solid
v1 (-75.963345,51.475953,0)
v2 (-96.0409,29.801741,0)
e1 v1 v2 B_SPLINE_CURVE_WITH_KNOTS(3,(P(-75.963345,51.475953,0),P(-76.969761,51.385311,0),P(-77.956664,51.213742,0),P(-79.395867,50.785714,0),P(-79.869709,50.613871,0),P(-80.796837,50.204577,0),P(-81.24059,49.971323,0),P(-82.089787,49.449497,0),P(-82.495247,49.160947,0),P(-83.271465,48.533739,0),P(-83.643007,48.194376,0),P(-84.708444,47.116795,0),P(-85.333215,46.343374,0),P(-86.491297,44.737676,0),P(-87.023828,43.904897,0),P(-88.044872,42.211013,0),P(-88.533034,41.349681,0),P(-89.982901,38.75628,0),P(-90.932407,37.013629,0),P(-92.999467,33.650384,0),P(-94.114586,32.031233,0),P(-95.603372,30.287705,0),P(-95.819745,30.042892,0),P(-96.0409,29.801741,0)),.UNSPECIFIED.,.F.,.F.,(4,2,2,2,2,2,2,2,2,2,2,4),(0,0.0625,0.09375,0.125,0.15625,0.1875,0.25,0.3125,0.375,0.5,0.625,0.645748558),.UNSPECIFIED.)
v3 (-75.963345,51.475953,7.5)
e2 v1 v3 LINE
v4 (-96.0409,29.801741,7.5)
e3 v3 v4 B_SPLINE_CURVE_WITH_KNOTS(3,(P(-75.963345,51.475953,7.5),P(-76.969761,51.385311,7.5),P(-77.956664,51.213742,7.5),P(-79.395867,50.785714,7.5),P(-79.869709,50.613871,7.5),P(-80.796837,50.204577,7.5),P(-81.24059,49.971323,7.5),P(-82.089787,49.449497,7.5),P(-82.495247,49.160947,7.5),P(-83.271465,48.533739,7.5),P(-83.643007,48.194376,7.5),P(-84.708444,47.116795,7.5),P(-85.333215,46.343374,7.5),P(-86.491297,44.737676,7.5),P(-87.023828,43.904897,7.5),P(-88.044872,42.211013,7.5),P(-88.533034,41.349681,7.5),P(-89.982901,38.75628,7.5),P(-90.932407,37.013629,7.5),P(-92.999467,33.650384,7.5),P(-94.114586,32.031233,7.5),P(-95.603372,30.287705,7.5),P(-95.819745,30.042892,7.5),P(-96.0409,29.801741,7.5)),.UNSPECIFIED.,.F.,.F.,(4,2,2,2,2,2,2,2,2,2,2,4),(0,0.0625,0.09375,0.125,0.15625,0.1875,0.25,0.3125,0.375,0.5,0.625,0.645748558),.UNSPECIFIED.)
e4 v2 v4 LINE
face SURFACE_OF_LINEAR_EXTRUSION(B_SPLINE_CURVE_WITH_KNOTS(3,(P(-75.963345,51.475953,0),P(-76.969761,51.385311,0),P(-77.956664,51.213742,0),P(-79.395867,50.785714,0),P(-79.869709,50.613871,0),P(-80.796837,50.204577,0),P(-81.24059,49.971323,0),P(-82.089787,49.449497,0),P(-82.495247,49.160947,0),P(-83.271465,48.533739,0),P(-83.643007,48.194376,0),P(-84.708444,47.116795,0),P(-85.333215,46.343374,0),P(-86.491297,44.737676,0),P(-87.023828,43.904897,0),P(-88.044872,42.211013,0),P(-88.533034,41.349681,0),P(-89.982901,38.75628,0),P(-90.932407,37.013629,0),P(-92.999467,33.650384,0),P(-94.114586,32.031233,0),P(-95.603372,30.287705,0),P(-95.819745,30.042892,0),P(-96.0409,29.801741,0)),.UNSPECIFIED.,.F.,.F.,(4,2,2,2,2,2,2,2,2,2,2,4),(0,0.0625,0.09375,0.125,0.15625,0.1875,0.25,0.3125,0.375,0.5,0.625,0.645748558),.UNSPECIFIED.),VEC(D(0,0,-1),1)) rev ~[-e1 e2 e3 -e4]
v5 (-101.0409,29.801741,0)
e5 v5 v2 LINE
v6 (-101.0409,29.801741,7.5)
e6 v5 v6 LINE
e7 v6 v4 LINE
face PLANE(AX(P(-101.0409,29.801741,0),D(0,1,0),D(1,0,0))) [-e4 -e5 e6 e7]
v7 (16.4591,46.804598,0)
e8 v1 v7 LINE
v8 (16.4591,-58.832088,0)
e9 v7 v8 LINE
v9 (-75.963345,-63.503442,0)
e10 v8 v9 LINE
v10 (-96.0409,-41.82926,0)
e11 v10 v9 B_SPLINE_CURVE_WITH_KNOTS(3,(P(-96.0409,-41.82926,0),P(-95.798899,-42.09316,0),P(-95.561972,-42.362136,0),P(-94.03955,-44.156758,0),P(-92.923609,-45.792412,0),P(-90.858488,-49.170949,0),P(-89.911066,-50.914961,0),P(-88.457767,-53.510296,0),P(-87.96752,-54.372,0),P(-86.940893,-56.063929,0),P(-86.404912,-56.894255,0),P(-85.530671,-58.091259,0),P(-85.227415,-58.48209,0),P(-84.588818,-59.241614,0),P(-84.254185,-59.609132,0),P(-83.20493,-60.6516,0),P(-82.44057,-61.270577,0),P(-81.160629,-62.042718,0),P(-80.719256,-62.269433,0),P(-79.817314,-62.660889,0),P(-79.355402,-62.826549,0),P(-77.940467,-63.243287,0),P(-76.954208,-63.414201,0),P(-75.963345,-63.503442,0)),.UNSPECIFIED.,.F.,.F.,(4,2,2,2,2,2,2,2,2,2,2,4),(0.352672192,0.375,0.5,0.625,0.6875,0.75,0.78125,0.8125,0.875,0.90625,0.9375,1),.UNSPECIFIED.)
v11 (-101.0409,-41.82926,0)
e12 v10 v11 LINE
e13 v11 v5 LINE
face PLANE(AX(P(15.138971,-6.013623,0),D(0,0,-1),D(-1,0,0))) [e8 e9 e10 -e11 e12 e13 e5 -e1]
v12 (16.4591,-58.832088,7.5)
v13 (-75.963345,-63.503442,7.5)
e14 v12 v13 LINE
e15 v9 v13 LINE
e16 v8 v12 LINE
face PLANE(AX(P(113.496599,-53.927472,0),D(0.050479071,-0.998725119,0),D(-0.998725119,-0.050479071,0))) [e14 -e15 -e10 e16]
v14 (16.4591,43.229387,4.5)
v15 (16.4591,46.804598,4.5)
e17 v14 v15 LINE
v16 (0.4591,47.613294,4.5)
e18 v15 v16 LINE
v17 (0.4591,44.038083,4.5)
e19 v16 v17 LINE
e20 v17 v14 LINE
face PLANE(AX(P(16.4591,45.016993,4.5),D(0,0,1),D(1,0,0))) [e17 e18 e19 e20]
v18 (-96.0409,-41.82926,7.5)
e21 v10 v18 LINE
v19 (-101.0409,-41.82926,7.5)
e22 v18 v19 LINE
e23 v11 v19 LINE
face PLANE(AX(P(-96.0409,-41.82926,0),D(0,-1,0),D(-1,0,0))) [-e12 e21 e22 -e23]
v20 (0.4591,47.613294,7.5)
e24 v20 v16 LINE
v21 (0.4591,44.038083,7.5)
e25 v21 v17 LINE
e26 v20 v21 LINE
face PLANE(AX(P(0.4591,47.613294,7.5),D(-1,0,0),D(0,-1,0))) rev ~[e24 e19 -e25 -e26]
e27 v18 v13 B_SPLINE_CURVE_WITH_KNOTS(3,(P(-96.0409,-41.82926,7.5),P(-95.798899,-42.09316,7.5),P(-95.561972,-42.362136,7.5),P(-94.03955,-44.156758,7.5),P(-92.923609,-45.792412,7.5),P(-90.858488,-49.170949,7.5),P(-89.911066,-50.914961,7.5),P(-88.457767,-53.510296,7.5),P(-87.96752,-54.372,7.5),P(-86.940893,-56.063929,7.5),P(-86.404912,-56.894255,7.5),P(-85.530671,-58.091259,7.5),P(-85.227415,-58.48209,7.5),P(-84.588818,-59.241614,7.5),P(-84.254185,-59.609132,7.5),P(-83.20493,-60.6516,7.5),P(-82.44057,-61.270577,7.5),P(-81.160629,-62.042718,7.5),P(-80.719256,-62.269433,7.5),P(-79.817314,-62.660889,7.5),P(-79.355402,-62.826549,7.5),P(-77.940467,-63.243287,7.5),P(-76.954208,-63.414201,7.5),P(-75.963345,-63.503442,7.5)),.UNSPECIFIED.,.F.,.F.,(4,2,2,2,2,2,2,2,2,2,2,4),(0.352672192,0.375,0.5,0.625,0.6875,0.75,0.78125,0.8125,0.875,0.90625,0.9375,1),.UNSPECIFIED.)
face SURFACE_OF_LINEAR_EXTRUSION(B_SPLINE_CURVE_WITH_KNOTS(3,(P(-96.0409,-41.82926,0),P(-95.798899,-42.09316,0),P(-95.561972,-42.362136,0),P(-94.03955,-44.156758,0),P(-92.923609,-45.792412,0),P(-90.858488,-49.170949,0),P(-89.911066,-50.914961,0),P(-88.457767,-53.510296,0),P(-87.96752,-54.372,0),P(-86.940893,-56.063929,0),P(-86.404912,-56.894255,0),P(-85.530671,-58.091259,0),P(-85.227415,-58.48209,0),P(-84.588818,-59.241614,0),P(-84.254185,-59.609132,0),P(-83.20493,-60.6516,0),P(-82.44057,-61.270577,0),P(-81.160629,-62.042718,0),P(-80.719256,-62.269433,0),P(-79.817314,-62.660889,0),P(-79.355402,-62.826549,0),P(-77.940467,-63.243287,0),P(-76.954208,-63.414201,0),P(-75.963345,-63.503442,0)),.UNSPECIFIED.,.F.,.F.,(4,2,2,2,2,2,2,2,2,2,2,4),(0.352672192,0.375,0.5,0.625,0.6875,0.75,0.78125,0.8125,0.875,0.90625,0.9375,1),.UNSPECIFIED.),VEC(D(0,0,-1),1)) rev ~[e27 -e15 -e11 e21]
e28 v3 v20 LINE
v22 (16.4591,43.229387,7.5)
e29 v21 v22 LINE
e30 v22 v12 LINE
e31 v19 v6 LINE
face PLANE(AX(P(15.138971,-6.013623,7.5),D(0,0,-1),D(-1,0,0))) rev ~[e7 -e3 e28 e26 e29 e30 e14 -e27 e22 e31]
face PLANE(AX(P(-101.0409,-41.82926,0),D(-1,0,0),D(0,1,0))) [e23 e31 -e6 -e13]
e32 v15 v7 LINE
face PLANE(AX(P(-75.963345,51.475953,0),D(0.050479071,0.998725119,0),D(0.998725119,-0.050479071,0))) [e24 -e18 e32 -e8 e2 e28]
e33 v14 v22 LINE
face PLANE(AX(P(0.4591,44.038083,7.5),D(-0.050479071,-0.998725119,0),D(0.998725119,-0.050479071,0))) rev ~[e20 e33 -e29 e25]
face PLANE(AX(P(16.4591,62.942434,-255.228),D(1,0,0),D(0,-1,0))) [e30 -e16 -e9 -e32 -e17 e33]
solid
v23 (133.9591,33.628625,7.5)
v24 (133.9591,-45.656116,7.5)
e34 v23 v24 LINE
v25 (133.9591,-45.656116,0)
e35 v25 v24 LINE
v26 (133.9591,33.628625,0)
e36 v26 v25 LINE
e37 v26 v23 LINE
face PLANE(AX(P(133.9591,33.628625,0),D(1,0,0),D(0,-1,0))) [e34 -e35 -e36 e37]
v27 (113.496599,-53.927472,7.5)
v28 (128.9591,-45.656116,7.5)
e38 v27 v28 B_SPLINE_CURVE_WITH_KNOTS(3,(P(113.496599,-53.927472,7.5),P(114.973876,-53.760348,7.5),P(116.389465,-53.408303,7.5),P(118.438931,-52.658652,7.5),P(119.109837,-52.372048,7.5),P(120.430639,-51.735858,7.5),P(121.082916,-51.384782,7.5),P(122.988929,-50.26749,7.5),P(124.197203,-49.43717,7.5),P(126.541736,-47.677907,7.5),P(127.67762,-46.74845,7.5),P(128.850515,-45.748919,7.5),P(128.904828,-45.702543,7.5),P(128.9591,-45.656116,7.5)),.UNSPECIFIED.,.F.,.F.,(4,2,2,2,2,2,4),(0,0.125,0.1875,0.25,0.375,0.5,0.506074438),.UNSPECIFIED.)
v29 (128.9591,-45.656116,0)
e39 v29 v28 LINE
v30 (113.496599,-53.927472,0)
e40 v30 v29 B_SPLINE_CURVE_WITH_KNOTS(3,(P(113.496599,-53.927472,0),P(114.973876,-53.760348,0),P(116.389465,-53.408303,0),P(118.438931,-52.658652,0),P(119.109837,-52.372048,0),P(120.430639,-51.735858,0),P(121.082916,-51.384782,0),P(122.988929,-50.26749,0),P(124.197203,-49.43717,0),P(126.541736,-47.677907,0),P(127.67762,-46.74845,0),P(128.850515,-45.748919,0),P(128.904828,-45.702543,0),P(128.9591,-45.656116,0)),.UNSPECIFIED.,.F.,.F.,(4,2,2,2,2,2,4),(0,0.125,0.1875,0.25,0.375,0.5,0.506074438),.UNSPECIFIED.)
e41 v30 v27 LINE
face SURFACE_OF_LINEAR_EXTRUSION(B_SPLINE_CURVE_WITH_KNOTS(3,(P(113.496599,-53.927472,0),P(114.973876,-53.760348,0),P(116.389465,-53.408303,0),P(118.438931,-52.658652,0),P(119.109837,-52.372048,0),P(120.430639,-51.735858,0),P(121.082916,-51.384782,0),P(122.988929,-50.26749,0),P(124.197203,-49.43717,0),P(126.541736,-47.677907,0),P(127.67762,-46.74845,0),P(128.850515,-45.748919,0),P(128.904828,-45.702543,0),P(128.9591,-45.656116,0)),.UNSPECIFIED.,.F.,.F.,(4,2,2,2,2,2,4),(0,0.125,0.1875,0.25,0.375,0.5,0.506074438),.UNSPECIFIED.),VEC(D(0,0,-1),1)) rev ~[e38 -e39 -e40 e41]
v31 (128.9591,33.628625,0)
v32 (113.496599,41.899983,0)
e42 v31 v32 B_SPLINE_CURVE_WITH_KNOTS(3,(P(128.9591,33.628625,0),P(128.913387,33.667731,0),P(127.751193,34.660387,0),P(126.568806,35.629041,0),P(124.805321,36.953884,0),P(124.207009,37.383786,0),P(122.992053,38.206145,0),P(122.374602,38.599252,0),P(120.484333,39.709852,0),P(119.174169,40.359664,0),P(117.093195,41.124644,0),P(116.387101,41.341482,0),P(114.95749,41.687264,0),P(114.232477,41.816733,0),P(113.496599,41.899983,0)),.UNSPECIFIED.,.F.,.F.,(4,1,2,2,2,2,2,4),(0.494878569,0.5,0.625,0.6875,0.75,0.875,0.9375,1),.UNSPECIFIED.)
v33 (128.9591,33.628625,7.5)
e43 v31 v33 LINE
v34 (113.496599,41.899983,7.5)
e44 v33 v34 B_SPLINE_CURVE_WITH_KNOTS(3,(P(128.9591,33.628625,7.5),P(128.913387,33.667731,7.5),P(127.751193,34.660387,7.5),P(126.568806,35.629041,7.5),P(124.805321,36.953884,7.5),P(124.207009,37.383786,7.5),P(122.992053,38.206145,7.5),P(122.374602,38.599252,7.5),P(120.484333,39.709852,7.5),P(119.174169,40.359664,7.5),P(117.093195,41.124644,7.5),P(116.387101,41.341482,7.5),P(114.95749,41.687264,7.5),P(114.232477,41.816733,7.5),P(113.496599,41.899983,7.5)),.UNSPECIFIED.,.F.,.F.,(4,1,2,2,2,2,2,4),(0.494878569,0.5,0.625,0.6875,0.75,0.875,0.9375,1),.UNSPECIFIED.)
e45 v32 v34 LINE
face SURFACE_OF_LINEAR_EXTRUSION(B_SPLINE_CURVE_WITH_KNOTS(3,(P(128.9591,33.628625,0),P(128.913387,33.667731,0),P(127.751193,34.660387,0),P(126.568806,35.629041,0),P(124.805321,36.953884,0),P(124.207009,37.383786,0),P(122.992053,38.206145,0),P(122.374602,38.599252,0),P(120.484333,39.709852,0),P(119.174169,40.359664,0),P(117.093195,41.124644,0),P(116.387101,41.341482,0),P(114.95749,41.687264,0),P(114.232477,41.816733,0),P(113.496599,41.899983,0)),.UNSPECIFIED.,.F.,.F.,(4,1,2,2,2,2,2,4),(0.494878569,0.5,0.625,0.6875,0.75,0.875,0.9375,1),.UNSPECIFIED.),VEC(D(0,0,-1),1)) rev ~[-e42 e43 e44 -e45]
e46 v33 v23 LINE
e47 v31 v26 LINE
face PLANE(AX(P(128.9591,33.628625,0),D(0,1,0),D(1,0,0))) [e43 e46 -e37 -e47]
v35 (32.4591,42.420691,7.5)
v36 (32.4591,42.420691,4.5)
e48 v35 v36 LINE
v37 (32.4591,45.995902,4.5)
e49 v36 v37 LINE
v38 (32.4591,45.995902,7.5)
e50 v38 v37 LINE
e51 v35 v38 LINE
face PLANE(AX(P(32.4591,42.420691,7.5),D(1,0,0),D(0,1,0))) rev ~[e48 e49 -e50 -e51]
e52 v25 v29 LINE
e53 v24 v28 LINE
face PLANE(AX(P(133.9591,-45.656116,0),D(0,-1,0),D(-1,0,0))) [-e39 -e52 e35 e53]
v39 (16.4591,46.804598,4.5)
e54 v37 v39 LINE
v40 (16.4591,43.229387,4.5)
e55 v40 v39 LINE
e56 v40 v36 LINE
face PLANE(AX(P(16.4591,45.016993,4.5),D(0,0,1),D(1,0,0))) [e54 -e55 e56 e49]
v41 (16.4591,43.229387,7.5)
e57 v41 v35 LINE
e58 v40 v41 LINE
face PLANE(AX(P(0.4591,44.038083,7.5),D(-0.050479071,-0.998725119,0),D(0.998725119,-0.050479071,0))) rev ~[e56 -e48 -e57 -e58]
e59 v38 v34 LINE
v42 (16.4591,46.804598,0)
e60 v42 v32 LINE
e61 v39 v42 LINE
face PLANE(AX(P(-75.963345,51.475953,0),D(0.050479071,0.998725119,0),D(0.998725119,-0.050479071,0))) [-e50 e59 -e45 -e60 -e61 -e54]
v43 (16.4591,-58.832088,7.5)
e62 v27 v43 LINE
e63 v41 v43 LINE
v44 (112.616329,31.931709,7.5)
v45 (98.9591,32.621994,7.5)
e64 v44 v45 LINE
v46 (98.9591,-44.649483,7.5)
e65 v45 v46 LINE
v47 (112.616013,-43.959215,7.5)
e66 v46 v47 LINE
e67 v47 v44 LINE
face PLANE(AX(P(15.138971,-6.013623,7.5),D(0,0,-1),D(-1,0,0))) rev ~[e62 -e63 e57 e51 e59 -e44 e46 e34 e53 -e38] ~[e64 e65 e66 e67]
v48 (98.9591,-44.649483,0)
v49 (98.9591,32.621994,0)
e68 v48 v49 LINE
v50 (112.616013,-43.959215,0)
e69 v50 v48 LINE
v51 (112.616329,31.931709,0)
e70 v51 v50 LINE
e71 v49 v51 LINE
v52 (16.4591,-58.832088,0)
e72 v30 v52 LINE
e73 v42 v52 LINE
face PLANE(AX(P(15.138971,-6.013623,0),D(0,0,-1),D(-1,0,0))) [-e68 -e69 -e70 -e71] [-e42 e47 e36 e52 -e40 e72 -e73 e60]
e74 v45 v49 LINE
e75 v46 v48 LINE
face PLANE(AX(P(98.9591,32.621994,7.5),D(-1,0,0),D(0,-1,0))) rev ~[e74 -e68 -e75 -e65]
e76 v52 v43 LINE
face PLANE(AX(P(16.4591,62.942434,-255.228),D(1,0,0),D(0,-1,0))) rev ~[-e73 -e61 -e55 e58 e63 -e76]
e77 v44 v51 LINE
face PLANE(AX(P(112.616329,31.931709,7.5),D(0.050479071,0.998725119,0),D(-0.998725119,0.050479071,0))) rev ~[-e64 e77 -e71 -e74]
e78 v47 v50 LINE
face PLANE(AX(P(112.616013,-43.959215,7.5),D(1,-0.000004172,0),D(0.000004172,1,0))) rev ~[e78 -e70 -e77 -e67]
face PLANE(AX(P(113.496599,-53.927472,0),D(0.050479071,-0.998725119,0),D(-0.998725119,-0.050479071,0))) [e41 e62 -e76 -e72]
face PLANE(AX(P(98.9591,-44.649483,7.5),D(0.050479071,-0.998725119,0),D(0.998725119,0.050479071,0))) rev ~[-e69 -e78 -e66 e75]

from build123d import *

# Parameters (mm, degrees)
BOSS_EXTRUDE1_DEPTH    = 7.5
CUT_EXTRUDE1_DEPTH     = 149.438464419
CUT_EXTRUDE3_DEPTH     = 3
SPLIT2_SURFACE_1_BACK  = 262.728
SPLIT2_SURFACE_1_DEPTH = 525.456
SPLIT2_SURFACE_2_BACK  = 262.728
SPLIT2_SURFACE_2_DEPTH = 525.456


with BuildPart() as part:
    # Sketch1 → Boss-Extrude1 (new body)
    with BuildSketch(Plane.XY):
        with BuildLine():
            Line((128.959100066, 33.628624999), (133.959100066, 33.628624999))
            Line((133.959100066, 33.628624999), (133.959100066, -45.656116492))
            Line((133.959100066, -45.656116492), (128.959100066, -45.656116492))
            add(Edge.make_bspline(
                [(113.496599029, -53.92747215), (114.973875685, -53.76034768), (116.389465073, -53.408303088), (118.438931288, -52.658652366), (119.109837198, -52.372048444), (120.430638868, -51.735858399), (121.082915856, -51.384782434), (122.988929436, -50.267489711), (124.197203446, -49.437169981), (126.541735842, -47.677906536), (127.677620036, -46.748450374), (128.850515141, -45.74891878), (128.904828159, -45.702543351), (128.959100066, -45.656116492)],
                knots=[0, 0, 0, 0, 0.125, 0.125, 0.1875, 0.1875, 0.25, 0.25, 0.375, 0.375, 0.5, 0.5, 0.506074438, 0.506074438, 0.506074438, 0.506074438], degree=3))
            Line((113.496599029, -53.92747215), (-75.963345356, -63.503442328))
            add(Edge.make_bspline(
                [(-96.040899934, -41.829259963), (-95.798899268, -42.093160096), (-95.56197213, -42.362136183), (-94.03954966, -44.156758027), (-92.923608678, -45.792412437), (-90.858487716, -49.170948695), (-89.911065512, -50.914960796), (-88.457766632, -53.51029646), (-87.967520262, -54.371999904), (-86.940892781, -56.06392928), (-86.404912323, -56.894254814), (-85.530671439, -58.091259413), (-85.227414802, -58.482089731), (-84.588818098, -59.241614046), (-84.254184704, -59.609132259), (-83.204929916, -60.651600397), (-82.440569541, -61.270576891), (-81.160629249, -62.042718444), (-80.719255742, -62.269433113), (-79.817314106, -62.660888928), (-79.3554021, -62.826549047), (-77.940467092, -63.243286827), (-76.954208328, -63.414201398), (-75.963345356, -63.503442328)],
                knots=[0.352672192, 0.352672192, 0.352672192, 0.352672192, 0.375, 0.375, 0.5, 0.5, 0.625, 0.625, 0.6875, 0.6875, 0.75, 0.75, 0.78125, 0.78125, 0.8125, 0.8125, 0.875, 0.875, 0.90625, 0.90625, 0.9375, 0.9375, 1, 1, 1, 1], degree=3))
            Line((-96.040899934, -41.829259963), (-101.040899934, -41.829259963))
            Line((-101.040899934, -41.829259963), (-101.040899934, 29.801740739))
            Line((-101.040899934, 29.801740739), (-96.040899934, 29.801740739))
            add(Edge.make_bspline(
                [(-75.963345356, 51.475952827), (-76.969760945, 51.385311169), (-77.956664013, 51.213742336), (-79.395866789, 50.78571401), (-79.86970863, 50.613871194), (-80.796837185, 50.204577199), (-81.240590365, 49.971323111), (-82.089787414, 49.449496549), (-82.495246976, 49.160946736), (-83.271465049, 48.533739024), (-83.643007435, 48.194375714), (-84.708444042, 47.116795042), (-85.333215001, 46.343374139), (-86.491296884, 44.737676097), (-87.023827607, 43.904896882), (-88.044872363, 42.211012893), (-88.533034054, 41.34968138), (-89.982900727, 38.756279626), (-90.93240726, 37.013628654), (-92.999467157, 33.650383947), (-94.114586107, 32.031232641), (-95.60337212, 30.287705281), (-95.819744565, 30.042891916), (-96.040899934, 29.801740739)],
                knots=[0, 0, 0, 0, 0.0625, 0.0625, 0.09375, 0.09375, 0.125, 0.125, 0.15625, 0.15625, 0.1875, 0.1875, 0.25, 0.25, 0.3125, 0.3125, 0.375, 0.375, 0.5, 0.5, 0.625, 0.625, 0.645748558, 0.645748558, 0.645748558, 0.645748558], degree=3))
            Line((-75.963345356, 51.475952827), (113.496599029, 41.899982649))
            add(Edge.make_bspline(
                [(128.959100066, 33.628624999), (128.913387154, 33.667730585), (127.751192536, 34.660386778), (126.568806099, 35.629041088), (124.805320754, 36.953884089), (124.207009004, 37.38378621), (122.992052543, 38.206145046), (122.374602128, 38.599251589), (120.484333172, 39.709851881), (119.174169326, 40.359663675), (117.093195419, 41.124643977), (116.387101294, 41.341482025), (114.957490187, 41.687263925), (114.232477088, 41.816732683), (113.496599029, 41.899982649)],
                knots=[0.494878569, 0.494878569, 0.494878569, 0.494878569, 0.5, 0.625, 0.625, 0.6875, 0.6875, 0.75, 0.75, 0.875, 0.875, 0.9375, 0.9375, 1, 1, 1, 1], degree=3))
        make_face()
    extrude(amount=BOSS_EXTRUDE1_DEPTH)

    # Sketch3 → Cut-Extrude1 (cut, through all)
    with BuildSketch(Plane.XY.offset(7.5)):
        Polygon((98.959100066, 32.621993758), (98.959100066, -44.649483258), (112.616012614, -43.959214992), (112.616329261, 31.931709487), align=None)
    extrude(amount=-CUT_EXTRUDE1_DEPTH, mode=Mode.SUBTRACT)

    # Sketch5 → Cut-Extrude3 (cut)
    with BuildSketch(Plane.XY.offset(7.5)):
        Polygon((0.459100066, 47.61329436), (0.459100066, 44.038083245), (32.459100066, 42.420690995), (32.459100066, 45.99590211), align=None)
    extrude(amount=-CUT_EXTRUDE3_DEPTH, mode=Mode.SUBTRACT)


with BuildPart() as body_2:
    # Split2: the piece behind the surface
    add(part.part)
    # Split2 surface: a surface, the sketch's curves swept straight by 525.456 mm
    with BuildLine(Plane.XY.offset(7.5).offset(-SPLIT2_SURFACE_1_BACK), mode=Mode.PRIVATE) as split2_surface_1_path:
        Line((16.459100066, 62.942434119), (16.459100066, -80.716271859))
    split2_surface_1 = Shell.extrude(split2_surface_1_path.wire(), (0 * SPLIT2_SURFACE_1_DEPTH, 0 * SPLIT2_SURFACE_1_DEPTH, 1 * SPLIT2_SURFACE_1_DEPTH))
    split(bisect_by=split2_surface_1, keep=Keep.BOTTOM)


with BuildPart() as part_1:
    add(part.part)

    # Split2: split by a surface, the side it looks to stays
    # Split2 surface: a surface, the sketch's curves swept straight by 525.456 mm
    with BuildLine(Plane.XY.offset(7.5).offset(-SPLIT2_SURFACE_2_BACK), mode=Mode.PRIVATE) as split2_surface_2_path:
        Line((16.459100066, 62.942434119), (16.459100066, -80.716271859))
    split2_surface_2 = Shell.extrude(split2_surface_2_path.wire(), (0 * SPLIT2_SURFACE_2_DEPTH, 0 * SPLIT2_SURFACE_2_DEPTH, 1 * SPLIT2_SURFACE_2_DEPTH))
    split(bisect_by=split2_surface_2, keep=Keep.TOP)


solid = Compound([body_2.part, part_1.part])
